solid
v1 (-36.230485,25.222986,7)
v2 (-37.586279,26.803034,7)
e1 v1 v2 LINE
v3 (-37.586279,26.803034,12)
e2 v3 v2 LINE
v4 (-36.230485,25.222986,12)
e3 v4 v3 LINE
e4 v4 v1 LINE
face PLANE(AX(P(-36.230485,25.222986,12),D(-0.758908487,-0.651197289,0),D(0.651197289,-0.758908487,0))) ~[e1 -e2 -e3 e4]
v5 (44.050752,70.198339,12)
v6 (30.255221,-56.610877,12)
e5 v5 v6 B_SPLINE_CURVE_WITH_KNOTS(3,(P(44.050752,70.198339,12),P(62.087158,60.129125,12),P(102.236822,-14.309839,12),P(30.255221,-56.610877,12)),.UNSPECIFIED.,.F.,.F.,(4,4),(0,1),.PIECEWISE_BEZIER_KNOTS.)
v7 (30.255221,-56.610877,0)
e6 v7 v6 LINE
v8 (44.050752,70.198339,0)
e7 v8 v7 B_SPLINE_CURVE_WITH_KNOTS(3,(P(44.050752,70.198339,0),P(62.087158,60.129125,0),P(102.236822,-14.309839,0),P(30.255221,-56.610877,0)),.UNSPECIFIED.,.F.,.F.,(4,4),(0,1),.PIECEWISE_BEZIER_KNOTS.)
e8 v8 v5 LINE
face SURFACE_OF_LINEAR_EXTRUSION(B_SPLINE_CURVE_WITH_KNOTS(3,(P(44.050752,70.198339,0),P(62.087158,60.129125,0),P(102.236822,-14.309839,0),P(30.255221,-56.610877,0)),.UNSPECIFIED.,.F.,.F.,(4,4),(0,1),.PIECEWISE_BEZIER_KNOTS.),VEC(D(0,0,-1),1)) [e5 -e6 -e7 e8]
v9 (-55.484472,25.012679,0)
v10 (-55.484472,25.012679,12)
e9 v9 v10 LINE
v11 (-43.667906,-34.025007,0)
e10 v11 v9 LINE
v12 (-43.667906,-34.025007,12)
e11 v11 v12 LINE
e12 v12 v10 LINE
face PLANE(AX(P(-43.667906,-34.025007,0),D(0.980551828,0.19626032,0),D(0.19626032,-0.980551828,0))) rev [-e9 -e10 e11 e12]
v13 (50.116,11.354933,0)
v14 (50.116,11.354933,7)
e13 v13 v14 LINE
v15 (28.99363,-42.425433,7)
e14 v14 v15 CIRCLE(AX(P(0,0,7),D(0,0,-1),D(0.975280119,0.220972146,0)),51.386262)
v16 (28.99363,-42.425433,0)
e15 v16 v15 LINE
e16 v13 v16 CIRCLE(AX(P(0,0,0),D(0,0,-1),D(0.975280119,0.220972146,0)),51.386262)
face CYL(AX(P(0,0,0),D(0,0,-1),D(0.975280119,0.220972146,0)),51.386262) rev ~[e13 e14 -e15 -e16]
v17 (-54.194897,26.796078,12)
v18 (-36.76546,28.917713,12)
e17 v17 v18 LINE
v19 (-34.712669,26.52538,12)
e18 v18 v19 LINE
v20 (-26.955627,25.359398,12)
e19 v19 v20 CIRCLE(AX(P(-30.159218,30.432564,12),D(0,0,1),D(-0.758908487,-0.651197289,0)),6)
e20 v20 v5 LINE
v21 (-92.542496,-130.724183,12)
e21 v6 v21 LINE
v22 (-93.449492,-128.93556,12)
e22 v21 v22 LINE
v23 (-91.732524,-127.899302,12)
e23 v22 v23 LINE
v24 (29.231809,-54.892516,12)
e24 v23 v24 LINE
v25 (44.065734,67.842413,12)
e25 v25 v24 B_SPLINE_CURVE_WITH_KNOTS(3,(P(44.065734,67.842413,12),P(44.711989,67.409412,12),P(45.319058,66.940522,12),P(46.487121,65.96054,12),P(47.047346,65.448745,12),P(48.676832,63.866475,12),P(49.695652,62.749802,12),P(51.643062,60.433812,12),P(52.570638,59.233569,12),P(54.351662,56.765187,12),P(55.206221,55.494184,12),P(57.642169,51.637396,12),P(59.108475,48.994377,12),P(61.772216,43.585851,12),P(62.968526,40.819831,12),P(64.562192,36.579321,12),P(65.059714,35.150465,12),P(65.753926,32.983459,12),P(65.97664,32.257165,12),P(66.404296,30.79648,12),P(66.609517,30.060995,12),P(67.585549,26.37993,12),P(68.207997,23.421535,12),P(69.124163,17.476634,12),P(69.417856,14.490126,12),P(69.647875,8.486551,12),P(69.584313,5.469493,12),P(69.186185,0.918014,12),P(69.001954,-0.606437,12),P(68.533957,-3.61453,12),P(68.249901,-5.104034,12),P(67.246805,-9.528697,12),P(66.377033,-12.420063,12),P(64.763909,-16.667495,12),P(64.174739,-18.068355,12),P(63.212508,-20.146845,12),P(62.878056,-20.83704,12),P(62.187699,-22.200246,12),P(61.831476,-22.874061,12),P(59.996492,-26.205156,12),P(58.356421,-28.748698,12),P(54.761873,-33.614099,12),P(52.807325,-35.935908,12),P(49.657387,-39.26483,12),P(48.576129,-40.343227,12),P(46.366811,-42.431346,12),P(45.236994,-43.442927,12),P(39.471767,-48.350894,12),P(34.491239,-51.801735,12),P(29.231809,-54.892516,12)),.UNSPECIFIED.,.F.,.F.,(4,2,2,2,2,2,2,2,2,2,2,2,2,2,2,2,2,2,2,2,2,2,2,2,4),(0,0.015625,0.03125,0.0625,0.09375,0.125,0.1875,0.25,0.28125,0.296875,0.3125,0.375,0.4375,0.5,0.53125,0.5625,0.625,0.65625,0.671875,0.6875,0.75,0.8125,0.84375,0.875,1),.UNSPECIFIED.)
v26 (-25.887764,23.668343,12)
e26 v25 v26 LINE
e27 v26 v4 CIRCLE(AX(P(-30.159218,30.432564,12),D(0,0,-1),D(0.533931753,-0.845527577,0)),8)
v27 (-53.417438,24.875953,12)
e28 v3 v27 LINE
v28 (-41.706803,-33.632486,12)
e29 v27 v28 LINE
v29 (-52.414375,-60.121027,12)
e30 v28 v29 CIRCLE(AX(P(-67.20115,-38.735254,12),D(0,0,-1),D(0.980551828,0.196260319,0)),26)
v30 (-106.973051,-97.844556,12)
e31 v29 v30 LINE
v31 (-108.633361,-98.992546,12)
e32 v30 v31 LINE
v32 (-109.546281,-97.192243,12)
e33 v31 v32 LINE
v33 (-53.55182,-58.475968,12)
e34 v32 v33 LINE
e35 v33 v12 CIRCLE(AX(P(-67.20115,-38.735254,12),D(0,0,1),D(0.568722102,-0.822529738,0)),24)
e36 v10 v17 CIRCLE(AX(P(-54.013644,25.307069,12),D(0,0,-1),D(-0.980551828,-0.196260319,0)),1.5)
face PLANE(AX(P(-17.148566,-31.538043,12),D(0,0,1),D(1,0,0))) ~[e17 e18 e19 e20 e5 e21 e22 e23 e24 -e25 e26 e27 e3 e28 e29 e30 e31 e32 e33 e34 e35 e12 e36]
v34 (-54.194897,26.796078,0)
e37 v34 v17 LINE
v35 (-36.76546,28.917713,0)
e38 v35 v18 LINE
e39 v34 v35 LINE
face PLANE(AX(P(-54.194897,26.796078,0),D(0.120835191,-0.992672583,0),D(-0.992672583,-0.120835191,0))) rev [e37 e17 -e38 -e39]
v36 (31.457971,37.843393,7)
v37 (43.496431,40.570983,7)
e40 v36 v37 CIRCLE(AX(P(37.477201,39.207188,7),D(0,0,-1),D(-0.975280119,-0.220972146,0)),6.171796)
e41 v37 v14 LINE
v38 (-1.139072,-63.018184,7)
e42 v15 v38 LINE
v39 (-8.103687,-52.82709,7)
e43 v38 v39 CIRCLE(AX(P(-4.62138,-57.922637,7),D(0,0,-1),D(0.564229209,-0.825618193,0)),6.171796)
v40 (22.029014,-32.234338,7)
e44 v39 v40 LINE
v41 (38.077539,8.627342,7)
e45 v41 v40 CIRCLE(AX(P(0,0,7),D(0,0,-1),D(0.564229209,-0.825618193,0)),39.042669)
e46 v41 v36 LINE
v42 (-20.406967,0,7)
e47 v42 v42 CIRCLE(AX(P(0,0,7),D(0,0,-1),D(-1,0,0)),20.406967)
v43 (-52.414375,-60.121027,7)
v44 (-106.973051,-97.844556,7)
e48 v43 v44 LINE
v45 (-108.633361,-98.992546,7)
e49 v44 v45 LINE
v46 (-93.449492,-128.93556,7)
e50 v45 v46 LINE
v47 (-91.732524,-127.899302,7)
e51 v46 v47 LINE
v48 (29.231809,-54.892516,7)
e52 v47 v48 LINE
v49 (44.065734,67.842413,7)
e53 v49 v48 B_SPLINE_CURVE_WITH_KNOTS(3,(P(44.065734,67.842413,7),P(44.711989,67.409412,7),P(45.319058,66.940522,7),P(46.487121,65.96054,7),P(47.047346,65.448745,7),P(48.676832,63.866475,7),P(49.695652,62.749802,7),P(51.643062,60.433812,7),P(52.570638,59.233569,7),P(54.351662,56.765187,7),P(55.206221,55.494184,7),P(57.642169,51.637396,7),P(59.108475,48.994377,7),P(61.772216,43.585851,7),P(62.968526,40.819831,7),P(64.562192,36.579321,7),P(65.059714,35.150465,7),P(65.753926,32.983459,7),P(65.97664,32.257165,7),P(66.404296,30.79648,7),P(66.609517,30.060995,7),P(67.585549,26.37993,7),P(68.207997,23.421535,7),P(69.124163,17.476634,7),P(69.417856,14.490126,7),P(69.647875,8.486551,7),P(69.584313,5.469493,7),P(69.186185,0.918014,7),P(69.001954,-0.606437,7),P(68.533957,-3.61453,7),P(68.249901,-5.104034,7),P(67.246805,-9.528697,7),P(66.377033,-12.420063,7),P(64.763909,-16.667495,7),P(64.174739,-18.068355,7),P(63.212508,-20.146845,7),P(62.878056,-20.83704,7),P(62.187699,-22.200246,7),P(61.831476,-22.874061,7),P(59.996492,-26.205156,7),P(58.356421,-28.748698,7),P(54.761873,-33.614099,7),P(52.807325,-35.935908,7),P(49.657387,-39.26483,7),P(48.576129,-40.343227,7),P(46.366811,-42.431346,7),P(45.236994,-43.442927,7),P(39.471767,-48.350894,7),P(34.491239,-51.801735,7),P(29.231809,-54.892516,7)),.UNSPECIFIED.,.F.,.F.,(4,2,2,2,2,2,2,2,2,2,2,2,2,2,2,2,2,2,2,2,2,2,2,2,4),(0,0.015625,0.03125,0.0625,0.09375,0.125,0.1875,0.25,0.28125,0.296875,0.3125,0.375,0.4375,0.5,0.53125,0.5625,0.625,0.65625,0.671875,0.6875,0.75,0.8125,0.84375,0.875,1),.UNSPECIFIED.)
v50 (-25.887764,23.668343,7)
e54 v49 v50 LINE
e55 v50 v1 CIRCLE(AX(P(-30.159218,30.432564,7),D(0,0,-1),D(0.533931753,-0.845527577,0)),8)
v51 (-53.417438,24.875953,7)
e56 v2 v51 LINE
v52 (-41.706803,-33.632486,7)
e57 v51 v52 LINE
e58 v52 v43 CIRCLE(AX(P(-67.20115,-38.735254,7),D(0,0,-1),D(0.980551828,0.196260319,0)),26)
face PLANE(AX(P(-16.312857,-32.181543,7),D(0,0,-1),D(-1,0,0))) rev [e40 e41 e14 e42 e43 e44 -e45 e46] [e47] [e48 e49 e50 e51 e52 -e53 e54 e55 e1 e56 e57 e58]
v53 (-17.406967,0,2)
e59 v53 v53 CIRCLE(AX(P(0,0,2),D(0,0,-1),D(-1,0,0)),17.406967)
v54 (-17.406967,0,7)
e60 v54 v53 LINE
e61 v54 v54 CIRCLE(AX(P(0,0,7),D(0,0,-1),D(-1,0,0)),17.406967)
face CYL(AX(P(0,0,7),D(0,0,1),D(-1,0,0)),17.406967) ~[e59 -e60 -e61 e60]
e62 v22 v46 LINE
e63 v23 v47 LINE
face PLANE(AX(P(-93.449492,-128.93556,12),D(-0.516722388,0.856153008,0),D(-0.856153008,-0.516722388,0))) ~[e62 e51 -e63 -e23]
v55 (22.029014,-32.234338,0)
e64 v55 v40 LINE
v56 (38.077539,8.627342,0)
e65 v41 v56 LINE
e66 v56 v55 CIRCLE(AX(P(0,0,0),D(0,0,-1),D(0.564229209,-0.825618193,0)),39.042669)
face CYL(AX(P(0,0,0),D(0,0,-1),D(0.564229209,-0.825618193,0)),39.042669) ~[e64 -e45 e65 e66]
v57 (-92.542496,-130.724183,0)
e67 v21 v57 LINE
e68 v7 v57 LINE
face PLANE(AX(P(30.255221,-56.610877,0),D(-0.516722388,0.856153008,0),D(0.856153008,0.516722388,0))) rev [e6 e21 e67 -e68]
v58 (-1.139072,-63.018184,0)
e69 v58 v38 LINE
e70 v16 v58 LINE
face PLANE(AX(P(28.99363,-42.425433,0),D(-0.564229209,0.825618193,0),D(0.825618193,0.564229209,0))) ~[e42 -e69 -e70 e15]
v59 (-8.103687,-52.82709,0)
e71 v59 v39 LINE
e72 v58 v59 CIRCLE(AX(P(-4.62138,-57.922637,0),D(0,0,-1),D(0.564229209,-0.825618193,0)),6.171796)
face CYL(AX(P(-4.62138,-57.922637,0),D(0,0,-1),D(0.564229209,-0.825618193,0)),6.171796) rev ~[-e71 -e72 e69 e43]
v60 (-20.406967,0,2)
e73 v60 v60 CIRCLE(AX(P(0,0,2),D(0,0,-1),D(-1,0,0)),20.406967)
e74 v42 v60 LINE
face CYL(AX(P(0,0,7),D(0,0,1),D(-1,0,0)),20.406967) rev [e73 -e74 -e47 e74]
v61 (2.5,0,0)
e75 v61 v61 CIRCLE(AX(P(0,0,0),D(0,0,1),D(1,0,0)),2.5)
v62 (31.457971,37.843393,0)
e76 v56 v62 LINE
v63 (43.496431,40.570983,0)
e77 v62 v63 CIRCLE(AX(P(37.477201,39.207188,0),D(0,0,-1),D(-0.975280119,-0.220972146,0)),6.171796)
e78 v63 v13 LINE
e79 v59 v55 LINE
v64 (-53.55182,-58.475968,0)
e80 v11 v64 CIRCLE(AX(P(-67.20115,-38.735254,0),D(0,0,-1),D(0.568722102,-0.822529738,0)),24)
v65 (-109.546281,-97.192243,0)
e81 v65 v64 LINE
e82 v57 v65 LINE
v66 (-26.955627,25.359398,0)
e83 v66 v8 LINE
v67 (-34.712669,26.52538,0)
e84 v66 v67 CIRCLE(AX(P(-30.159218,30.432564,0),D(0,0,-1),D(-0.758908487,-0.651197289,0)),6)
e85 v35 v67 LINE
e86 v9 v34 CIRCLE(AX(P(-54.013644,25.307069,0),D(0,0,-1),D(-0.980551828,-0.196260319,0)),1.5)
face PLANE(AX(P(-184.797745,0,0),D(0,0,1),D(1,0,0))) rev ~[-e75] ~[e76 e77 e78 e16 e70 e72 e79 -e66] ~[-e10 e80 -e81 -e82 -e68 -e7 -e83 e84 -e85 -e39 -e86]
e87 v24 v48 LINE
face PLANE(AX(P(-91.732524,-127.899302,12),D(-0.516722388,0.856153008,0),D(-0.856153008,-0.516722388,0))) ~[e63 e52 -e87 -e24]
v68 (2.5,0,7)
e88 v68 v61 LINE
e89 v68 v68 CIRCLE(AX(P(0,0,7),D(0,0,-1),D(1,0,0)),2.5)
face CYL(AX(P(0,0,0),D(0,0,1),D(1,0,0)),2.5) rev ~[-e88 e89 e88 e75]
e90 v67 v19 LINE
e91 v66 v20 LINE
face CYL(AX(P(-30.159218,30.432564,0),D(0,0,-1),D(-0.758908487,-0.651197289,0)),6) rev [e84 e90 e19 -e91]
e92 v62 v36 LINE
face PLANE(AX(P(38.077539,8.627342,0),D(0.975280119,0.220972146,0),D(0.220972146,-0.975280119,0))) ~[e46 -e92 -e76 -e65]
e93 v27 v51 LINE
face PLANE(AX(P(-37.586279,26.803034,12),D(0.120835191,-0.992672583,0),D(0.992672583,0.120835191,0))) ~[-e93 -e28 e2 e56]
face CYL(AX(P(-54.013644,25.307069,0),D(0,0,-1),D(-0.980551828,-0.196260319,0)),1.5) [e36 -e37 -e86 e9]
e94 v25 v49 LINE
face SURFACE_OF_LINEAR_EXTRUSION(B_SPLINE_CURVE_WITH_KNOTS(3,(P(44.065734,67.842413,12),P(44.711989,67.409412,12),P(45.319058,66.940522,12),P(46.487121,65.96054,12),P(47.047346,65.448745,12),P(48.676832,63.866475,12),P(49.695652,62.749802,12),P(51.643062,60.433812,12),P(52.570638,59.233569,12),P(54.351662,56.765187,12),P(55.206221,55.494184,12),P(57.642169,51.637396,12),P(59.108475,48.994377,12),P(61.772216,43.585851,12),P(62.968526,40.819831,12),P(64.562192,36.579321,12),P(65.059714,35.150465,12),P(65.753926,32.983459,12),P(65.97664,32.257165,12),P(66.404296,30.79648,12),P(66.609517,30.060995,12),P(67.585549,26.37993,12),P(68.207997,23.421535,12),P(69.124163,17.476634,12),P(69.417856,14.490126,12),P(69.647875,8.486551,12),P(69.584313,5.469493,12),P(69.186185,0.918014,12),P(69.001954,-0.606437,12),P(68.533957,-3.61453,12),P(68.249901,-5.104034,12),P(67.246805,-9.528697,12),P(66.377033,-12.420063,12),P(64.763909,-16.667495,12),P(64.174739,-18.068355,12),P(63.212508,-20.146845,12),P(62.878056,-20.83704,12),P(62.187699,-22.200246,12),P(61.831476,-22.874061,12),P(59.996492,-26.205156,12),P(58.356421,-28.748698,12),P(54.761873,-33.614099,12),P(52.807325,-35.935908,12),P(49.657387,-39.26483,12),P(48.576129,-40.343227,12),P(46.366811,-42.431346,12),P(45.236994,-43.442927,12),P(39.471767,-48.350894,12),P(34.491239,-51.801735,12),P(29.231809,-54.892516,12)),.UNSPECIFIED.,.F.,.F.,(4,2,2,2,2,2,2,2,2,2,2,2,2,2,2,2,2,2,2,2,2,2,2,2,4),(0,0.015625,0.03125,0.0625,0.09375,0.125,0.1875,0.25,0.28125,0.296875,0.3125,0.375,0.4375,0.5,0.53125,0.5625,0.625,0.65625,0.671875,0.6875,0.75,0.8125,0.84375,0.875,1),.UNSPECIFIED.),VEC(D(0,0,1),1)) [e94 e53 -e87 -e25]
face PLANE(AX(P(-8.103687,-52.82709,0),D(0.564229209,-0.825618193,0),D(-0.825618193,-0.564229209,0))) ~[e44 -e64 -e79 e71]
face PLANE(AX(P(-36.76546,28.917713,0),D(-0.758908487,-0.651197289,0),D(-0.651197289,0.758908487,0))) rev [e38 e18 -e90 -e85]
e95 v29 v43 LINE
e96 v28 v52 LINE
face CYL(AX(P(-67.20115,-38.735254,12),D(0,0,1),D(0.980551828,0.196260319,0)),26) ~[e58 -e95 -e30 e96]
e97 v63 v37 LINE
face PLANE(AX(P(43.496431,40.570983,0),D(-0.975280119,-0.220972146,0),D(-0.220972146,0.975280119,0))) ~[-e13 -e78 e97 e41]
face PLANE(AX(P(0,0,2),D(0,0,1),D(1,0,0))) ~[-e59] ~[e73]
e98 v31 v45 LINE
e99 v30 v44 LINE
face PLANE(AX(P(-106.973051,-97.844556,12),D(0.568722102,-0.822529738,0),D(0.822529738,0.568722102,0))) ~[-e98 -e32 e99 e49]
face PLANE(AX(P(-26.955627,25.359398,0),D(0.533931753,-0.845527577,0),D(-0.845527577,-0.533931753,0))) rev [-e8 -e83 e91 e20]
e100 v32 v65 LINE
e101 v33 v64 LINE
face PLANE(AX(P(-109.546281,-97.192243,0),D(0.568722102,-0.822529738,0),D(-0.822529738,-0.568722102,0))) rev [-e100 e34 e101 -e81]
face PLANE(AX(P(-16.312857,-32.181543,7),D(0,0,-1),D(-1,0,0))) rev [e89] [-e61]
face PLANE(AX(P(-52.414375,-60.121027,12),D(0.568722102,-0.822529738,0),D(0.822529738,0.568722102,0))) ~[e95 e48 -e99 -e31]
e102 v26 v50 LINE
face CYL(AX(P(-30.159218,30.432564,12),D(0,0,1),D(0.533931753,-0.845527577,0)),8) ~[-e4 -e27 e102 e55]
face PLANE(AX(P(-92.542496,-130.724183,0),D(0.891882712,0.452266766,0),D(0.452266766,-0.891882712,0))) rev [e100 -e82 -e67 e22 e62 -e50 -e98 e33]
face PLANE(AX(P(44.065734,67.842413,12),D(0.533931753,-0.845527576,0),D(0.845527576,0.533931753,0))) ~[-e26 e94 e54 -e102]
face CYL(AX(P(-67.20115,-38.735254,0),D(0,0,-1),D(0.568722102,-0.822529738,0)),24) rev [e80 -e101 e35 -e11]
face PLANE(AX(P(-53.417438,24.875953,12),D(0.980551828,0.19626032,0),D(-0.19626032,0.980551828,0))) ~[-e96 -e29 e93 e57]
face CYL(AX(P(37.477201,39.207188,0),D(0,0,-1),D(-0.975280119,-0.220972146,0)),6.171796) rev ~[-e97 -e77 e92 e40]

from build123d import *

# Parameters (mm, degrees)
SKETCH1_R           = 2.5
BOSS_EXTRUDE1_DEPTH = 12
CUT_EXTRUDE2_DEPTH  = 5
SKETCH2_R           = 20.406966807
SKETCH2_R_2         = 17.406966807
CUT_EXTRUDE1_DEPTH  = 5
SKETCH4_W           = 285.875648179
SKETCH4_H           = 19.682926892
CUT_EXTRUDE3_DEPTH  = 147.5


with BuildPart() as part:
    # Sketch1 → Boss-Extrude1 (new body)
    with BuildSketch(Plane.XY):
        with BuildLine():
            Line((-26.955627075, 25.359398414), (44.050751749, 70.198338512))
            add(Edge.make_bspline(
                [(44.050751749, 70.198338512), (62.087157858, 60.129124735), (102.236821697, -14.309839041), (30.255220871, -56.610877482)],
                knots=[0, 0, 0, 0, 1, 1, 1, 1], degree=3))
            Line((30.255220871, -56.610877482), (-92.542495842, -130.724182913))
            Line((-92.542495842, -130.724182913), (-109.546280871, -97.192243206))
            Line((-109.546280871, -97.192243206), (-53.551819625, -58.475967995))
            ThreePointArc((-53.551819625, -58.475967995), (-44.950344781, -47.729789478), (-43.667906214, -34.025006607))
            Line((-43.667906214, -34.025006607), (-55.484471769, 25.012678553))
            ThreePointArc((-55.484471769, 25.012678553), (-55.229156607, 26.186005417), (-54.194896814, 26.796077907))
            Line((-54.194896814, 26.796077907), (-36.765460017, 28.917713338))
            Line((-36.765460017, 28.917713338), (-34.712668517, 26.525380142))
            ThreePointArc((-34.712668517, 26.525380142), (-31.051074716, 24.4992182), (-26.955627075, 25.359398414))
        make_face()
        Circle(SKETCH1_R, mode=Mode.SUBTRACT)
        with BuildLine():
            Line((38.077539086, 8.627342387), (31.457970773, 37.843392922))
            ThreePointArc((31.457970773, 37.843392922), (36.113405951, 45.226418252), (43.49643128, 40.570983074))
            Line((43.49643128, 40.570983074), (50.115999593, 11.354932539))
            ThreePointArc((50.115999593, 11.354932539), (47.829544092, -18.785170217), (28.993629861, -42.425432651))
            Line((28.993629861, -42.425432651), (-1.139071825, -63.018184329))
            ThreePointArc((-1.139071825, -63.018184329), (-9.716926906, -61.404944758), (-8.103687335, -52.827089677))
            Line((-8.103687335, -52.827089677), (22.029014352, -32.234337999))
            ThreePointArc((22.029014352, -32.234337999), (36.340317452, -14.272748403), (38.077539086, 8.627342387))
        make_face(mode=Mode.SUBTRACT)
    boss_extrude1 = extrude(amount=-BOSS_EXTRUDE1_DEPTH)

    # Sketch3 → Cut-Extrude2 (cut)
    with BuildSketch(Plane(origin=(0, 0, -12), x_dir=(-1, 0, 0), z_dir=(0, 0, -1))):
        with BuildLine():
            Line((108.633361408, -98.992545924), (93.449492386, -128.935560359))
            Line((93.449492386, -128.935560359), (91.732523821, -127.89930155))
            Line((91.732523821, -127.89930155), (-29.231808811, -54.892516323))
            add(Edge.make_bspline(
                [(-44.065734477, 67.842412696), (-44.711989199, 67.409412256), (-45.319058391, 66.940521732), (-46.487121265, 65.960540056), (-47.04734625, 65.448744854), (-48.676831708, 63.866474713), (-49.695652132, 62.74980166), (-51.643061578, 60.433812481), (-52.570637695, 59.233568633), (-54.351661803, 56.76518688), (-55.206220539, 55.494184071), (-57.642169465, 51.637395526), (-59.108475151, 48.994377471), (-61.772216068, 43.585851359), (-62.968525898, 40.819830599), (-64.562191776, 36.579321004), (-65.059713989, 35.150465126), (-65.753925807, 32.983458962), (-65.976639631, 32.257164595), (-66.404295719, 30.796479627), (-66.609516748, 30.060994816), (-67.585549406, 26.379930292), (-68.207997329, 23.421535241), (-69.124162601, 17.476634327), (-69.417856055, 14.49012642), (-69.647875237, 8.486550939), (-69.584312973, 5.469492942), (-69.186185446, 0.918013899), (-69.001954276, -0.606436507), (-68.53395704, -3.614530288), (-68.249900615, -5.10403396), (-67.246805131, -9.528696616), (-66.377032654, -12.420063251), (-64.763908669, -16.667495261), (-64.174739481, -18.06835499), (-63.212508348, -20.146844678), (-62.87805617, -20.837039742), (-62.187699389, -22.200245629), (-61.831475952, -22.874060854), (-59.996492333, -26.20515645), (-58.3564207, -28.748698204), (-54.76187252, -33.614098874), (-52.807325031, -35.935907769), (-49.657387027, -39.264829798), (-48.576129174, -40.343226595), (-46.36681057, -42.431345516), (-45.23699415, -43.442927339), (-39.471767159, -48.350894333), (-34.491238963, -51.801735421), (-29.231808811, -54.892516323)],
                knots=[0, 0, 0, 0, 0.015625, 0.015625, 0.03125, 0.03125, 0.0625, 0.0625, 0.09375, 0.09375, 0.125, 0.125, 0.1875, 0.1875, 0.25, 0.25, 0.28125, 0.28125, 0.296875, 0.296875, 0.3125, 0.3125, 0.375, 0.375, 0.4375, 0.4375, 0.5, 0.5, 0.53125, 0.53125, 0.5625, 0.5625, 0.625, 0.625, 0.65625, 0.65625, 0.671875, 0.671875, 0.6875, 0.6875, 0.75, 0.75, 0.8125, 0.8125, 0.84375, 0.84375, 0.875, 0.875, 1, 1, 1, 1], degree=3))
            Line((-44.065734477, 67.842412696), (25.887763568, 23.668343261))
            ThreePointArc((25.887763568, 23.668343261), (31.348360423, 22.521436309), (36.230485491, 25.222985565))
            Line((36.230485491, 25.222985565), (37.586279366, 26.80303434))
            Line((37.586279366, 26.80303434), (53.417437888, 24.875952746))
            Line((53.417437888, 24.875952746), (41.706802558, -33.632485968))
            ThreePointArc((41.706802558, -33.632485968), (43.096111006, -48.479334078), (52.414375421, -60.121027471))
            Line((52.414375421, -60.121027471), (106.973050581, -97.844556472))
            Line((106.973050581, -97.844556472), (108.633361408, -98.992545924))
        make_face()
    cut_extrude2 = extrude(amount=-CUT_EXTRUDE2_DEPTH, mode=Mode.SUBTRACT)

    # Sketch2 → Cut-Extrude1 (cut)
    with BuildSketch(Plane(origin=(0, 0, -7), x_dir=(-1, 0, 0), z_dir=(0, 0, -1))):
        Circle(SKETCH2_R)
        Circle(SKETCH2_R_2, mode=Mode.SUBTRACT)
    cut_extrude1 = extrude(amount=-CUT_EXTRUDE1_DEPTH, mode=Mode.SUBTRACT)

    # Mirror2: Boss-Extrude1, Cut-Extrude2, Cut-Extrude1 across plane
    add(boss_extrude1.mirror(Plane.XY))
    add(cut_extrude2.mirror(Plane.XY), mode=Mode.SUBTRACT)
    add(cut_extrude1.mirror(Plane.XY), mode=Mode.SUBTRACT)

    # Sketch4 → Cut-Extrude3 (cut, symmetric)
    with BuildSketch(Plane(origin=(0, 0, 0), x_dir=(1, 0, 0), z_dir=(0, 1, 0))):
        with Locations((-41.859921239, 9.841463446)):
            Rectangle(SKETCH4_W, SKETCH4_H)
    extrude(amount=CUT_EXTRUDE3_DEPTH, both=True, mode=Mode.SUBTRACT)


solid = part.part
